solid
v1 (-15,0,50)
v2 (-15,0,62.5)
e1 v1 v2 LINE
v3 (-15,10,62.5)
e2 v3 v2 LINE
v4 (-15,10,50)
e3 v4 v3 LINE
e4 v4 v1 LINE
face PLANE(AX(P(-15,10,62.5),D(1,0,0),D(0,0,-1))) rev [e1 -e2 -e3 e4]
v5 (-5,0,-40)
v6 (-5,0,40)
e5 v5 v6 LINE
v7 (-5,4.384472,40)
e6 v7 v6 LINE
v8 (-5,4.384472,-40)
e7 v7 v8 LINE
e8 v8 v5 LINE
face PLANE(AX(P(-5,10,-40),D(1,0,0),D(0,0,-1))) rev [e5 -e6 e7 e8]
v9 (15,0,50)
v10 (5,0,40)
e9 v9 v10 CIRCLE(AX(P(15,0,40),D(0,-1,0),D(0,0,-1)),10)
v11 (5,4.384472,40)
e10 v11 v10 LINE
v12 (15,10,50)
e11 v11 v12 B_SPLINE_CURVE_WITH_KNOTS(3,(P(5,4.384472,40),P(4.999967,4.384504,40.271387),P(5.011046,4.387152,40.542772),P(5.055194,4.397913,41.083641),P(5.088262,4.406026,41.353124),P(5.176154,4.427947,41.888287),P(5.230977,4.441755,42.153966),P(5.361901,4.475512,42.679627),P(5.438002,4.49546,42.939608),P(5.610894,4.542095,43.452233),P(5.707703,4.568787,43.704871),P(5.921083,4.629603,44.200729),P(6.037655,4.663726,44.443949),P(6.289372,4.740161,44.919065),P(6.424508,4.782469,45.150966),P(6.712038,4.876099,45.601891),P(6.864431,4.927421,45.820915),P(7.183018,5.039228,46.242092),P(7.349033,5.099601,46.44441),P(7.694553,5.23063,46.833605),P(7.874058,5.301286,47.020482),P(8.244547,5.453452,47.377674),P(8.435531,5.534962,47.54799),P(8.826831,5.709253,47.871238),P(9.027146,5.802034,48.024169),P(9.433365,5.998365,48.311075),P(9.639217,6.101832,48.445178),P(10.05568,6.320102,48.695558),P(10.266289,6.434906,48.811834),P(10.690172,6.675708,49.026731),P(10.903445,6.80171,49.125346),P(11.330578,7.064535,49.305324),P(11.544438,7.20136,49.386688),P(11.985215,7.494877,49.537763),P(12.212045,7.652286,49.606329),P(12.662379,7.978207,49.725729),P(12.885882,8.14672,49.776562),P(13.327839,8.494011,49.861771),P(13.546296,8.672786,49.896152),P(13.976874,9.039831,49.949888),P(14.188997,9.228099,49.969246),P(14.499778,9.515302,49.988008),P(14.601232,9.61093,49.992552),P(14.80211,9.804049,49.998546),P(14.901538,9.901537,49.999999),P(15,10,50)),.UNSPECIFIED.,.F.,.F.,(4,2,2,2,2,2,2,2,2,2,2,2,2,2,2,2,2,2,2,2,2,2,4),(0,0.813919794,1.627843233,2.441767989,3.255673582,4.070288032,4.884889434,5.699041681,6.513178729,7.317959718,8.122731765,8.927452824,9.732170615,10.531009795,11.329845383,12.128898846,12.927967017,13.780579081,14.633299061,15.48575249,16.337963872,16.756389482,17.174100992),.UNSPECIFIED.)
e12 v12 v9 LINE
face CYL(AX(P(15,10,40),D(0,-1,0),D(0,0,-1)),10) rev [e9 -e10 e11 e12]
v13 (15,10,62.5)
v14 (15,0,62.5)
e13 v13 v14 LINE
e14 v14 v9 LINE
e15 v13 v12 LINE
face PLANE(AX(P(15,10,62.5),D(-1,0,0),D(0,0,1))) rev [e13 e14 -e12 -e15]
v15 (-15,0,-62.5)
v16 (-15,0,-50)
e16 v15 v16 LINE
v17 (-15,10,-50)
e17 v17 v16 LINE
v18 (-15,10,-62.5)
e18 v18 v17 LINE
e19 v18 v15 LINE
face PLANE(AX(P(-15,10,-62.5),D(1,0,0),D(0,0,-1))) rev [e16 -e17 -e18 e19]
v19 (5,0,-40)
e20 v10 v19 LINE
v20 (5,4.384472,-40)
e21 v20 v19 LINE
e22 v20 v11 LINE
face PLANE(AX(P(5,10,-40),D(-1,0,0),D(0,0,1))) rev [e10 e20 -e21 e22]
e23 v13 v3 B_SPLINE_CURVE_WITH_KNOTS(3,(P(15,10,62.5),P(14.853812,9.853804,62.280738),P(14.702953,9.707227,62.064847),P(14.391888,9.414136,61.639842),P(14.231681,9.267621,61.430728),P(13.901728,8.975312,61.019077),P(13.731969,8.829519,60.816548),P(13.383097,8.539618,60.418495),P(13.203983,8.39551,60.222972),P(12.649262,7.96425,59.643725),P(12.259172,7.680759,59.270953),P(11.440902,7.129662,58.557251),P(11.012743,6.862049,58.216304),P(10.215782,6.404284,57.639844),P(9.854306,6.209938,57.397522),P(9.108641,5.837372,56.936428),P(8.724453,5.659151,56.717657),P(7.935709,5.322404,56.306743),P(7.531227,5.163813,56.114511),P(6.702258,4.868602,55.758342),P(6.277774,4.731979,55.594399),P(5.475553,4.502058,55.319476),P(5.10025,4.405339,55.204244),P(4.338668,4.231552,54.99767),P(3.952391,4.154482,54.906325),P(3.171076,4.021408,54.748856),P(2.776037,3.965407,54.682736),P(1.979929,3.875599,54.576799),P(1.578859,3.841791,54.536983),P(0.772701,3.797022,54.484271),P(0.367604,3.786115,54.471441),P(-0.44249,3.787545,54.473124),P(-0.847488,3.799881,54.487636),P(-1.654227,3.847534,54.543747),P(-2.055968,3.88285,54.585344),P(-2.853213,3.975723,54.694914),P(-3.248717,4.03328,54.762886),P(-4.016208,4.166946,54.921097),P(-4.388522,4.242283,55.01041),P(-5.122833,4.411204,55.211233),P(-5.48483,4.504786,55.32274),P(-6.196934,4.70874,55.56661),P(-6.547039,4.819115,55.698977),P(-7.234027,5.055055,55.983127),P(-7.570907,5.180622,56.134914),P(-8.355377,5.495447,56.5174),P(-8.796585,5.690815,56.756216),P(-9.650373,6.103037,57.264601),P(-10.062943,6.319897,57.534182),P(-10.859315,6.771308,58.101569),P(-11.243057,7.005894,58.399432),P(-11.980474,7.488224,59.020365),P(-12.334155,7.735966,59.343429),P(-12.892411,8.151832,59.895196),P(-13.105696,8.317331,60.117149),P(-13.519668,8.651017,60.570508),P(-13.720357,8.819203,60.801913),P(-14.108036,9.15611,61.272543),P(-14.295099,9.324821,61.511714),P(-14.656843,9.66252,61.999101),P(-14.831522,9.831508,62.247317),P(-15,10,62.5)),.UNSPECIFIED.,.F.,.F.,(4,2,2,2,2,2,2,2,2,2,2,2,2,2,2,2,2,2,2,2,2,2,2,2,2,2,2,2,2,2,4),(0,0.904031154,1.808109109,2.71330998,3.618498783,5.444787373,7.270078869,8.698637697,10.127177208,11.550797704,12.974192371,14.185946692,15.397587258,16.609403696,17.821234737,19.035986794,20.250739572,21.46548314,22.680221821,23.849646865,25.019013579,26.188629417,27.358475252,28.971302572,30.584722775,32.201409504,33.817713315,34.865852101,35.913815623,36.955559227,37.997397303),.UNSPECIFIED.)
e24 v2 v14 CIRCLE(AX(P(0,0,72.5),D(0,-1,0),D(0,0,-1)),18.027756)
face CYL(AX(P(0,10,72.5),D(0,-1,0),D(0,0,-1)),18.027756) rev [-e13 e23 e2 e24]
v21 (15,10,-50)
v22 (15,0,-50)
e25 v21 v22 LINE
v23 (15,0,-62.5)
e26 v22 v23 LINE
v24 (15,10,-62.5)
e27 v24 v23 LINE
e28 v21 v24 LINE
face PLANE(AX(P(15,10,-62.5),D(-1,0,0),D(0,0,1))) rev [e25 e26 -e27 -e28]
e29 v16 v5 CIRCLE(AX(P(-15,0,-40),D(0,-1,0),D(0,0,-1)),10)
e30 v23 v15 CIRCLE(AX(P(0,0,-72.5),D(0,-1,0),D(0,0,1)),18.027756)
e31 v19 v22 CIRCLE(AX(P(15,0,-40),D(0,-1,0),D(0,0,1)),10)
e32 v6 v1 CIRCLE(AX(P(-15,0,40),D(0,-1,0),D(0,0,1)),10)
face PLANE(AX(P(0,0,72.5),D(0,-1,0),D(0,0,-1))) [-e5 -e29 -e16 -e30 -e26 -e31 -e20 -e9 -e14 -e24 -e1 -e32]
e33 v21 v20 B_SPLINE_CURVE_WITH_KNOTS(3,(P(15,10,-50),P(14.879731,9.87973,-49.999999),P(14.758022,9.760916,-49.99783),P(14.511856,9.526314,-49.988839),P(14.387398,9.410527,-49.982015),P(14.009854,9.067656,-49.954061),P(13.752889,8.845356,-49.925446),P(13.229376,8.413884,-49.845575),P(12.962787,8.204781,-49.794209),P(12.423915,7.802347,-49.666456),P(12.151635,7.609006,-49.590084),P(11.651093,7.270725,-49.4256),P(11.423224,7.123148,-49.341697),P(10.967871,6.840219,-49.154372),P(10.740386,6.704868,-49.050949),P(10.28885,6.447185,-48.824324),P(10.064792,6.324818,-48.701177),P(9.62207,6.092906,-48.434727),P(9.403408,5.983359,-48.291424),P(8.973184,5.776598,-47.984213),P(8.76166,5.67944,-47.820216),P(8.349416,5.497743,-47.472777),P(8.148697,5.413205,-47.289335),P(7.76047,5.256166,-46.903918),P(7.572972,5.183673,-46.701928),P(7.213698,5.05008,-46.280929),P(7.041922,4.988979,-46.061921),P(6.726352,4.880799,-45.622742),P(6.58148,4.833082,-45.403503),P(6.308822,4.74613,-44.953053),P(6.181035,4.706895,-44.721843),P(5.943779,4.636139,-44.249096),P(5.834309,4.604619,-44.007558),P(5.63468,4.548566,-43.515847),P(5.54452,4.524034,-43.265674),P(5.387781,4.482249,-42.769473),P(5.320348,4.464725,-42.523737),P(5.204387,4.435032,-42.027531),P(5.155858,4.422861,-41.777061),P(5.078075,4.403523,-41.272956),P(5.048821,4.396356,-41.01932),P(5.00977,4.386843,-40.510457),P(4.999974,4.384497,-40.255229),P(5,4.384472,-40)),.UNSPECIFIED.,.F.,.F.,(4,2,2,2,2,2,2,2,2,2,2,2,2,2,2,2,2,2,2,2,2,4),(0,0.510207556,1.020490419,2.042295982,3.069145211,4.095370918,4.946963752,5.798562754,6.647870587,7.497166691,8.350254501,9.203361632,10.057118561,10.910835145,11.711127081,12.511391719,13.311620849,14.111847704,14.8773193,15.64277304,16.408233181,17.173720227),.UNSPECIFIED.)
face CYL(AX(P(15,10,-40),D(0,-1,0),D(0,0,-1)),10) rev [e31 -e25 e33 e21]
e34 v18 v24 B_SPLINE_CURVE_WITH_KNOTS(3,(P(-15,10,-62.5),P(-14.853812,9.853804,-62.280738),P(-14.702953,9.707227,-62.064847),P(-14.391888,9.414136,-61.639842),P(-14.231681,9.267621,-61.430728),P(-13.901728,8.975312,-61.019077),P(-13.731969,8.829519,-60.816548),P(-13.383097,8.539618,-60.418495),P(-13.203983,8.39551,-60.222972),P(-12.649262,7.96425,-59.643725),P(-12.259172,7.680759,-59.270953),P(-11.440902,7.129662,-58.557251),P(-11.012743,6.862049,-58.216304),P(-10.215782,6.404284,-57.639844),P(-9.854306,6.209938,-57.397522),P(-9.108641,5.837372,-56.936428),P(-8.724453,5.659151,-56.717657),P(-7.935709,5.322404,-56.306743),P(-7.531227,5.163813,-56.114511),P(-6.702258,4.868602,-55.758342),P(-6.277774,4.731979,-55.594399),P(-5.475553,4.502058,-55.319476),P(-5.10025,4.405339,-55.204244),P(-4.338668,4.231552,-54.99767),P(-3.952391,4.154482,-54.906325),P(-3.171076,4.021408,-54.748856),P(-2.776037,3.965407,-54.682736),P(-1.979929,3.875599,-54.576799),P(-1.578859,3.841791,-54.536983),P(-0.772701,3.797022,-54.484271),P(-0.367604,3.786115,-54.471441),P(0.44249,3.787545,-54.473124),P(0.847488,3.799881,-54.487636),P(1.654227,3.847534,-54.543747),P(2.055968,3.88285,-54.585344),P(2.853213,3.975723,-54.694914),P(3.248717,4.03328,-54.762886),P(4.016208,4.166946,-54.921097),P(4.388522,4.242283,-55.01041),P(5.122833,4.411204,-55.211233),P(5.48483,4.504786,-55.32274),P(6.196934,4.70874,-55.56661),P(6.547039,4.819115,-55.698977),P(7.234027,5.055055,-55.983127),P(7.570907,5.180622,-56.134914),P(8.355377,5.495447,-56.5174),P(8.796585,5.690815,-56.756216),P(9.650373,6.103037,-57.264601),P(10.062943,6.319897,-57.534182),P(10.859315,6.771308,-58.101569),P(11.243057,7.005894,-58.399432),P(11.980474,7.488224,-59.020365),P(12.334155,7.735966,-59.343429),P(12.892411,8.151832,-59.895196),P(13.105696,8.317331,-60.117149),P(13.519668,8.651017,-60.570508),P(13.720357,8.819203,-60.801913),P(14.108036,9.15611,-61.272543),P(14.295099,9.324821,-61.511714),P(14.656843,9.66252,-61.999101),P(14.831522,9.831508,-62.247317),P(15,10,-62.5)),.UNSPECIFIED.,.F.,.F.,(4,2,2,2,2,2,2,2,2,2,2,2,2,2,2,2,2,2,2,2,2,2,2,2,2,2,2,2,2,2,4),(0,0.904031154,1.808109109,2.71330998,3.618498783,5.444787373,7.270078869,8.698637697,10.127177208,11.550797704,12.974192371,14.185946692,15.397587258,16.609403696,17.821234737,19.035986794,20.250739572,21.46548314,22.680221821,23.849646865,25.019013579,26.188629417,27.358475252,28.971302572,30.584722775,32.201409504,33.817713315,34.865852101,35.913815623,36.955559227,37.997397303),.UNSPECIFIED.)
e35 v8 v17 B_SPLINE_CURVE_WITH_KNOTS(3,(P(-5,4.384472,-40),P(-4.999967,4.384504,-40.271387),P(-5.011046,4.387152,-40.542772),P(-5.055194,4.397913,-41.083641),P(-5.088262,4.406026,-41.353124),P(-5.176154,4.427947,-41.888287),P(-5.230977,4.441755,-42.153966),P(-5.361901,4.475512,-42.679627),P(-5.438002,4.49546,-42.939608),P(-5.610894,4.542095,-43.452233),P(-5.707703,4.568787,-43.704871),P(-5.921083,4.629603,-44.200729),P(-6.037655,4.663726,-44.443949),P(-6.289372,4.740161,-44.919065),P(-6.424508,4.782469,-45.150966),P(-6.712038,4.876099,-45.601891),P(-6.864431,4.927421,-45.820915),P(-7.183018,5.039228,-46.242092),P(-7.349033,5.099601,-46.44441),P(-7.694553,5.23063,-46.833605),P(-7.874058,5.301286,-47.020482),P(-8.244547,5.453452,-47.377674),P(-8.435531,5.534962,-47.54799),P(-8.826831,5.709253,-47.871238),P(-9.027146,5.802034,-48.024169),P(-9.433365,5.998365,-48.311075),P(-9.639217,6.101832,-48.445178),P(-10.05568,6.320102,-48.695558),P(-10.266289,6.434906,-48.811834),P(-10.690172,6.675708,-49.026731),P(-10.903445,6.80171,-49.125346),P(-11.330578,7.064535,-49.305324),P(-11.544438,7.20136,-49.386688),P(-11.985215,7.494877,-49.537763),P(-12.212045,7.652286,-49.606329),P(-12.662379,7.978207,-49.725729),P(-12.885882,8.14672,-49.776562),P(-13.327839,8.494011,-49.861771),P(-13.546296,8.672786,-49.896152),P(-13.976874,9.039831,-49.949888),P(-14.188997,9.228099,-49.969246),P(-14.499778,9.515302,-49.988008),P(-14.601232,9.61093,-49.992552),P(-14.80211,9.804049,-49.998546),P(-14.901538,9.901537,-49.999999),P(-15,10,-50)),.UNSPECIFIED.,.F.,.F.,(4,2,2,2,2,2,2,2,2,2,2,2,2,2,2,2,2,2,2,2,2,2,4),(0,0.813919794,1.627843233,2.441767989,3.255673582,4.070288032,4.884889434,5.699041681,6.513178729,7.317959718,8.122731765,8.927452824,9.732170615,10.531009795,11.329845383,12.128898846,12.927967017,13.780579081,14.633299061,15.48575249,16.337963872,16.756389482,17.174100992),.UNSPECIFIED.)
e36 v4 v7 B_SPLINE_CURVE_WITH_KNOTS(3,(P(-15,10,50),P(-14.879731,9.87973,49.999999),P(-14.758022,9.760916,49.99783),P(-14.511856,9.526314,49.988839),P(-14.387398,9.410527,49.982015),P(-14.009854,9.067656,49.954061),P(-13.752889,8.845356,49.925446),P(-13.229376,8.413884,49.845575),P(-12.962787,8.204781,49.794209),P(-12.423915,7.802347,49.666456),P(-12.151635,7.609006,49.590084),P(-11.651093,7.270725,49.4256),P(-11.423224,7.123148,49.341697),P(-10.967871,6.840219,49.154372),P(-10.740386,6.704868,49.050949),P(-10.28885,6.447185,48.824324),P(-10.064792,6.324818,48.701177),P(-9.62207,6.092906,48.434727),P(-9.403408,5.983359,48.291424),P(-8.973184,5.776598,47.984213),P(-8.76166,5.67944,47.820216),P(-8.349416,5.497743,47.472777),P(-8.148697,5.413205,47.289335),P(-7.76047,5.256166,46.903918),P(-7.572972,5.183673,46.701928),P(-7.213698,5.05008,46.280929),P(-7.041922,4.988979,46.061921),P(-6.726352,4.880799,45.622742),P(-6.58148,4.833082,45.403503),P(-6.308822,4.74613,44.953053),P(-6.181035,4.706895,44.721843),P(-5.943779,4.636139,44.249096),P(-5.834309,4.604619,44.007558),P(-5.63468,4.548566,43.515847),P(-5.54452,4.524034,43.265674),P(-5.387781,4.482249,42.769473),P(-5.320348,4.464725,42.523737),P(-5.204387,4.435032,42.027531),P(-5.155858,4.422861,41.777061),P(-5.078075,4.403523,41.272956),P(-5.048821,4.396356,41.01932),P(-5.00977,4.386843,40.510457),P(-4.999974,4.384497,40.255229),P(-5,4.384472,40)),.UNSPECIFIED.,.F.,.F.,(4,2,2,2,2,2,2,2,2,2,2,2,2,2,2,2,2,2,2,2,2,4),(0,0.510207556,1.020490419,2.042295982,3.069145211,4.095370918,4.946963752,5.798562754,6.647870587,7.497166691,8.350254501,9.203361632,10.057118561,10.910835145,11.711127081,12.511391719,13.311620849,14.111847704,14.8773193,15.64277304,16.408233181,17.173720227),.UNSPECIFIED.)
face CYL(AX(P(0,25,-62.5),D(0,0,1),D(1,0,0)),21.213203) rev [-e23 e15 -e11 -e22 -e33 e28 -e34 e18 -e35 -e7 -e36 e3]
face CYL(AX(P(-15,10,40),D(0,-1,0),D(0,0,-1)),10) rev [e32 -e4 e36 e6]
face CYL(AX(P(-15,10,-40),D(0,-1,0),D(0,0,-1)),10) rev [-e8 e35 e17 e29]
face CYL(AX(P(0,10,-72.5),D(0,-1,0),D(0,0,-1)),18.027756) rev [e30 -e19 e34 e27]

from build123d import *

# Parameters (mm, degrees)
BOSS_EXTRU_1_DEPTH           = 10
ENL_V_MAT_EXTRU_1_DEPTH      = 66.048059156
ENL_V_MAT_EXTRU_1_DEPTH_BACK = 66.048059156


with BuildPart() as part:
    # Esquisse1 → Boss.-Extru.1 (new body)
    with BuildSketch(Plane(origin=(0, 0, 0), x_dir=(1, 0, 0), z_dir=(0, 1, 0))):
        with BuildLine():
            Line((-15, 62.5), (-15, 50))
            ThreePointArc((-15, 50), (-7.928932188, 47.071067812), (-5, 40))
            Line((-5, 40), (-5, -40))
            ThreePointArc((-5, -40), (-7.928932188, -47.071067812), (-15, -50))
            Line((-15, -50), (-15, -62.5))
            ThreePointArc((-15, -62.5), (0, -54.472243623), (15, -62.5))
            Line((15, -62.5), (15, -50))
            ThreePointArc((15, -50), (7.928932188, -47.071067812), (5, -40))
            Line((5, -40), (5, 40))
            ThreePointArc((5, 40), (7.928932188, 47.071067812), (15, 50))
            Line((15, 50), (15, 62.5))
            ThreePointArc((15, 62.5), (0, 54.472243623), (-15, 62.5))
        make_face()
    extrude(amount=BOSS_EXTRU_1_DEPTH)

    # Esquisse2 → Enlèv. mat.-Extru.1 (cut, two sides: drawn at the far end of the back side and taken through both)
    with BuildSketch(Plane.XY.offset(-ENL_V_MAT_EXTRU_1_DEPTH_BACK)):
        with BuildLine():
            ThreePointArc((-15, 10), (-8.117941502, 5.401555527), (0, 3.786796564))
            Line((0, 3.786796564), (0, 10))
            Line((0, 10), (-15, 10))
        make_face()
        with BuildLine():
            Line((0, 10), (0, 3.786796564))
            ThreePointArc((0, 3.786796564), (8.117941502, 5.401555527), (15, 10))
            Line((15, 10), (0, 10))
        make_face()
        with BuildLine():
            ThreePointArc((-15, 10), (-8.117941502, 5.401555527), (0, 3.786796564))
            Line((0, 3.786796564), (0, 10))
            Line((0, 10), (-15, 10))
        make_face()
        with BuildLine():
            Line((0, 10), (0, 3.786796564))
            ThreePointArc((0, 3.786796564), (8.117941502, 5.401555527), (15, 10))
            Line((15, 10), (0, 10))
        make_face()
    extrude(amount=ENL_V_MAT_EXTRU_1_DEPTH + ENL_V_MAT_EXTRU_1_DEPTH_BACK, mode=Mode.SUBTRACT)


solid = part.part
